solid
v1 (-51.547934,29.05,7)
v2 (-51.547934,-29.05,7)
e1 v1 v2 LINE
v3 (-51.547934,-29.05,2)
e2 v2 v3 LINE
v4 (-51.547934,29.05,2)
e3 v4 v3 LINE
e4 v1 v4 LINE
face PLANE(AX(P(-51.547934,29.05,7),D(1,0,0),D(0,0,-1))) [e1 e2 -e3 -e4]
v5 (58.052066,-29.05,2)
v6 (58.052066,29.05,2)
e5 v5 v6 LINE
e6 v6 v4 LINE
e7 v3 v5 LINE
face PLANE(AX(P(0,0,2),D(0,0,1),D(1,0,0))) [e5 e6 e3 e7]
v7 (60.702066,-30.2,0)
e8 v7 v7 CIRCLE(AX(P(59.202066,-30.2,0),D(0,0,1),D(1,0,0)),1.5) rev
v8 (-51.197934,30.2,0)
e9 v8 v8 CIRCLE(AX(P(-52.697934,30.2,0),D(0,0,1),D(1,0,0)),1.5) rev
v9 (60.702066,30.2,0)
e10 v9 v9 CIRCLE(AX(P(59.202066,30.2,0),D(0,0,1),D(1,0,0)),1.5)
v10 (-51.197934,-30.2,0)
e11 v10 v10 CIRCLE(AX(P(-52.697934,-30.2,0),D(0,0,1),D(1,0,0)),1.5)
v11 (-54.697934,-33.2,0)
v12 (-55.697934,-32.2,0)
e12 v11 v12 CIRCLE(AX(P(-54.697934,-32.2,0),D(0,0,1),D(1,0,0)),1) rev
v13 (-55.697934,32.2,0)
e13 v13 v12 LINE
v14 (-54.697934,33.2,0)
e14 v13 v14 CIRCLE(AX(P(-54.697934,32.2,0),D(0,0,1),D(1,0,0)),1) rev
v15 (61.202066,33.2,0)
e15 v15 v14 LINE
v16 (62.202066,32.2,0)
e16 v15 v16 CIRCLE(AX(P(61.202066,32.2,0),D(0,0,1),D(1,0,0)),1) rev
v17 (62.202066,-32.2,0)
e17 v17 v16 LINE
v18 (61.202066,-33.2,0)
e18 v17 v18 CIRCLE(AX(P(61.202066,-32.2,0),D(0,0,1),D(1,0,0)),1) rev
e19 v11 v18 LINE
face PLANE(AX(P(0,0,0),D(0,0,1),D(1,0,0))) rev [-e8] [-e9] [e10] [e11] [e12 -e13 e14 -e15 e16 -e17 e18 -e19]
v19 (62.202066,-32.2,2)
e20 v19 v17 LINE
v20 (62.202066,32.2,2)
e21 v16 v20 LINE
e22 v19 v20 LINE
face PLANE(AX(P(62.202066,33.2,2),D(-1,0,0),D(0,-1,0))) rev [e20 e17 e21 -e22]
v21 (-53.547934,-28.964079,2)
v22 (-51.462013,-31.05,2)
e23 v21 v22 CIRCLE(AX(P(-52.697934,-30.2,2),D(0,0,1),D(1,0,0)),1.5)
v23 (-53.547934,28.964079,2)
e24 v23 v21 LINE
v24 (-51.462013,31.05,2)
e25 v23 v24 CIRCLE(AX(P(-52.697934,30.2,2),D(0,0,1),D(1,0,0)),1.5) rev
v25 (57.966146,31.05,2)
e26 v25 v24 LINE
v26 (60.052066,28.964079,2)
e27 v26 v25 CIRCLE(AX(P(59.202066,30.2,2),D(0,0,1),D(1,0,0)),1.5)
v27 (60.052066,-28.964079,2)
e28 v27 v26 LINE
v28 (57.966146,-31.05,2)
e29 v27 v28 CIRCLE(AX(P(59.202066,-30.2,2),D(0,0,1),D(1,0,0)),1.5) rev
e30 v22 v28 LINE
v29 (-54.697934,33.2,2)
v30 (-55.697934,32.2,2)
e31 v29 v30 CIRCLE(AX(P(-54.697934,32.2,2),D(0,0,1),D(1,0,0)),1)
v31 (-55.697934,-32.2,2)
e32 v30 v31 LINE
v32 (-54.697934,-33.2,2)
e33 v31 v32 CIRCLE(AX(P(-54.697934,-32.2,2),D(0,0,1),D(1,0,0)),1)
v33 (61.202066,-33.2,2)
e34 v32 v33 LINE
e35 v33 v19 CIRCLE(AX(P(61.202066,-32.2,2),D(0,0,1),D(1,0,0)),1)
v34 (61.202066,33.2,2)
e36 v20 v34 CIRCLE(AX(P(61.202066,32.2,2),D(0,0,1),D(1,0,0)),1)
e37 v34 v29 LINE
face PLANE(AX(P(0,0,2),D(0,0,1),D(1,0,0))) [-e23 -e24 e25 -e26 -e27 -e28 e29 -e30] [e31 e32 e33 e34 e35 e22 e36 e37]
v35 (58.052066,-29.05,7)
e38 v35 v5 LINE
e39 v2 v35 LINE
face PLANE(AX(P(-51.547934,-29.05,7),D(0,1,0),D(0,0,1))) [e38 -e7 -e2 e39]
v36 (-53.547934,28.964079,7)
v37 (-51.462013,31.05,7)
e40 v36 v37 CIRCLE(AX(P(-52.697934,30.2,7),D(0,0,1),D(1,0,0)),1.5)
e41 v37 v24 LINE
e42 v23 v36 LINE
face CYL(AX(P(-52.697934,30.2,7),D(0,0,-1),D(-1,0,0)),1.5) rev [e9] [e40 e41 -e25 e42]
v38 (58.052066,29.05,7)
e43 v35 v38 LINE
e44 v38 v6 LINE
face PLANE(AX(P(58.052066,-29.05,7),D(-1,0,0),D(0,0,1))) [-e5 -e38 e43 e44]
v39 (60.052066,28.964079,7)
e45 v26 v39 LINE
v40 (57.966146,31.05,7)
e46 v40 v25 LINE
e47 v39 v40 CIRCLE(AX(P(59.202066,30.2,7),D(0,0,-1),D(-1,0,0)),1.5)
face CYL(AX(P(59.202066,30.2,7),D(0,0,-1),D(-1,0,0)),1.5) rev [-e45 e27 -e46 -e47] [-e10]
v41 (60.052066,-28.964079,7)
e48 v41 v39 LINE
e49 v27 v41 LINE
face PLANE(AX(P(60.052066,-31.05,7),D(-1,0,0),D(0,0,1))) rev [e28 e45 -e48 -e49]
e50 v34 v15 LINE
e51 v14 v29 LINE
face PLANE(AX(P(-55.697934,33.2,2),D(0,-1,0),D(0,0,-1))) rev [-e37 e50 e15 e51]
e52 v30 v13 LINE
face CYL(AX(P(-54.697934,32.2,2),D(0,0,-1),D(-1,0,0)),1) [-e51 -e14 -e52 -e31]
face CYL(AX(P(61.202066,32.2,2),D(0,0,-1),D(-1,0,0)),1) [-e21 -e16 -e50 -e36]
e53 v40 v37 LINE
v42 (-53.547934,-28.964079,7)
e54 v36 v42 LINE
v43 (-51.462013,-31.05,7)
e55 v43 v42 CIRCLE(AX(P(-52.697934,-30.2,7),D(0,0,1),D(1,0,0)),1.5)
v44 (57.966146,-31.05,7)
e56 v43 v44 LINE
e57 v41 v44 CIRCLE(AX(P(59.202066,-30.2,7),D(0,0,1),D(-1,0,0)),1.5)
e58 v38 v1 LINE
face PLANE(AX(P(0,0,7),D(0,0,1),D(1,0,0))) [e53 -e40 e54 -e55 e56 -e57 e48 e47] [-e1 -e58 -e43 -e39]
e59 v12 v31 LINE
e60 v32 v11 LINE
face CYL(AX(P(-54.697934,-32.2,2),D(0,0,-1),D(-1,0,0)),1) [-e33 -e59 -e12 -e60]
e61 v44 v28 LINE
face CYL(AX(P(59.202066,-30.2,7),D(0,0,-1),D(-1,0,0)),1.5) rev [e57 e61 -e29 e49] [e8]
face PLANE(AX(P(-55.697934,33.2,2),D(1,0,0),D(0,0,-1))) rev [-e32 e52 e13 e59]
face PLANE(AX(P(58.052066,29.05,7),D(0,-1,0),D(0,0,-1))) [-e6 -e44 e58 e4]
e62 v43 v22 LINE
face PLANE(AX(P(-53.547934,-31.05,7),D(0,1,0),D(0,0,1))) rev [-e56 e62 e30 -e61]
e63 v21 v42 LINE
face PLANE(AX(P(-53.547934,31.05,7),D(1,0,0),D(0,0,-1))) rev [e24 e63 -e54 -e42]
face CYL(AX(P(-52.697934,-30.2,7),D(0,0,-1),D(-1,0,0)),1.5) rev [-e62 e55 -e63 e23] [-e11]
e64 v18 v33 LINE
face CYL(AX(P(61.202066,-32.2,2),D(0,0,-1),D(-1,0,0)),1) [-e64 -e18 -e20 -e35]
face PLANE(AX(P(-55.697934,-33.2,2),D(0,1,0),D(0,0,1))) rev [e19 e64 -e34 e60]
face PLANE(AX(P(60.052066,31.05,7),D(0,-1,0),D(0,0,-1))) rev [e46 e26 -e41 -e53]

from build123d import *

# Parameters (mm, degrees)
SKETCH1_W                                  = 117.9
SKETCH1_H                                  = 66.4
BOSS_EXTRUDE1_DEPTH                        = 2
SKETCH2_W                                  = 113.6
SKETCH2_H                                  = 62.1
SKETCH2_W_2                                = 109.6
SKETCH2_H_2                                = 58.1
BOSS_EXTRUDE2_DEPTH                        = 5
SKETCH3_R                                  = 1.5
CUT_EXTRUDE2_DEPTH                         = 71.854336818
MIRROR3_AT_THE_SECOND_PLANE_COPY_1_SKETC_R = 1.5
MIRROR3_AT_THE_SECOND_PLANE_COPY_1_DEPTH   = 71.854336818
FILLET1_R                                  = 1


with BuildPart() as part:
    # Sketch1 → Boss-Extrude1 (new body)
    with BuildSketch(Plane.XY):
        with Locations((3.252066252, 0)):
            Rectangle(SKETCH1_W, SKETCH1_H)
    extrude(amount=BOSS_EXTRUDE1_DEPTH)

    # Sketch2 → Boss-Extrude2 (add)
    with BuildSketch(Plane.XY.offset(2)):
        with Locations((3.252066252, 0)):
            Rectangle(SKETCH2_W, SKETCH2_H)
        with Locations((3.252066252, 0)):
            Rectangle(SKETCH2_W_2, SKETCH2_H_2, mode=Mode.SUBTRACT)
    extrude(amount=BOSS_EXTRUDE2_DEPTH)

    # Sketch3 → Cut-Extrude2 (cut, symmetric)
    with BuildSketch(Plane(origin=(0, 0, 0), x_dir=(-1, 0, 0), z_dir=(0, 0, -1))):
        with Locations(Location((-59.202066252, 30.2, 0), (0, 0, 34.518107841))):
            Circle(SKETCH3_R)
    cut_extrude2 = extrude(amount=CUT_EXTRUDE2_DEPTH, both=True, mode=Mode.SUBTRACT)

    # Mirror2: Cut-Extrude2 across plane
    add(cut_extrude2.mirror(Plane.ZX), mode=Mode.SUBTRACT)

    # Mirror3: Cut-Extrude2 across plane
    add(cut_extrude2.mirror(Plane.ZX), mode=Mode.SUBTRACT)

    # Mirror3 at the second plane: Cut-Extrude2 across plane
    add(cut_extrude2.mirror(Plane(origin=(3.252066252, 0, 0), x_dir=(0, 0, 1), z_dir=(1, 0, 0))), mode=Mode.SUBTRACT)

    # Mirror3 at the second plane copy 1 sketc → Mirror3 at the second plane copy 1 (cut, symmetric)
    with BuildSketch(Plane(origin=(6.504132503, 0, 0), x_dir=(1, 0, 0), z_dir=(0, 0, -1))):
        with Locations(Location((-59.202066252, 30.2, 0), (0, 0, 34.518107841))):
            Circle(MIRROR3_AT_THE_SECOND_PLANE_COPY_1_SKETC_R)
    extrude(amount=MIRROR3_AT_THE_SECOND_PLANE_COPY_1_DEPTH, both=True, mode=Mode.SUBTRACT)

    # Fillet1
    fillet1_edges = [part.edges().sort_by_distance(p)[0] for p in [
        (62.202066252, -33.2, 1),
        (-55.697933748, -33.2, 1),
        (-55.697933748, 33.2, 1),
        (62.202066252, 33.2, 1),
    ]]
    fillet(fillet1_edges, radius=FILLET1_R)


solid = part.part
